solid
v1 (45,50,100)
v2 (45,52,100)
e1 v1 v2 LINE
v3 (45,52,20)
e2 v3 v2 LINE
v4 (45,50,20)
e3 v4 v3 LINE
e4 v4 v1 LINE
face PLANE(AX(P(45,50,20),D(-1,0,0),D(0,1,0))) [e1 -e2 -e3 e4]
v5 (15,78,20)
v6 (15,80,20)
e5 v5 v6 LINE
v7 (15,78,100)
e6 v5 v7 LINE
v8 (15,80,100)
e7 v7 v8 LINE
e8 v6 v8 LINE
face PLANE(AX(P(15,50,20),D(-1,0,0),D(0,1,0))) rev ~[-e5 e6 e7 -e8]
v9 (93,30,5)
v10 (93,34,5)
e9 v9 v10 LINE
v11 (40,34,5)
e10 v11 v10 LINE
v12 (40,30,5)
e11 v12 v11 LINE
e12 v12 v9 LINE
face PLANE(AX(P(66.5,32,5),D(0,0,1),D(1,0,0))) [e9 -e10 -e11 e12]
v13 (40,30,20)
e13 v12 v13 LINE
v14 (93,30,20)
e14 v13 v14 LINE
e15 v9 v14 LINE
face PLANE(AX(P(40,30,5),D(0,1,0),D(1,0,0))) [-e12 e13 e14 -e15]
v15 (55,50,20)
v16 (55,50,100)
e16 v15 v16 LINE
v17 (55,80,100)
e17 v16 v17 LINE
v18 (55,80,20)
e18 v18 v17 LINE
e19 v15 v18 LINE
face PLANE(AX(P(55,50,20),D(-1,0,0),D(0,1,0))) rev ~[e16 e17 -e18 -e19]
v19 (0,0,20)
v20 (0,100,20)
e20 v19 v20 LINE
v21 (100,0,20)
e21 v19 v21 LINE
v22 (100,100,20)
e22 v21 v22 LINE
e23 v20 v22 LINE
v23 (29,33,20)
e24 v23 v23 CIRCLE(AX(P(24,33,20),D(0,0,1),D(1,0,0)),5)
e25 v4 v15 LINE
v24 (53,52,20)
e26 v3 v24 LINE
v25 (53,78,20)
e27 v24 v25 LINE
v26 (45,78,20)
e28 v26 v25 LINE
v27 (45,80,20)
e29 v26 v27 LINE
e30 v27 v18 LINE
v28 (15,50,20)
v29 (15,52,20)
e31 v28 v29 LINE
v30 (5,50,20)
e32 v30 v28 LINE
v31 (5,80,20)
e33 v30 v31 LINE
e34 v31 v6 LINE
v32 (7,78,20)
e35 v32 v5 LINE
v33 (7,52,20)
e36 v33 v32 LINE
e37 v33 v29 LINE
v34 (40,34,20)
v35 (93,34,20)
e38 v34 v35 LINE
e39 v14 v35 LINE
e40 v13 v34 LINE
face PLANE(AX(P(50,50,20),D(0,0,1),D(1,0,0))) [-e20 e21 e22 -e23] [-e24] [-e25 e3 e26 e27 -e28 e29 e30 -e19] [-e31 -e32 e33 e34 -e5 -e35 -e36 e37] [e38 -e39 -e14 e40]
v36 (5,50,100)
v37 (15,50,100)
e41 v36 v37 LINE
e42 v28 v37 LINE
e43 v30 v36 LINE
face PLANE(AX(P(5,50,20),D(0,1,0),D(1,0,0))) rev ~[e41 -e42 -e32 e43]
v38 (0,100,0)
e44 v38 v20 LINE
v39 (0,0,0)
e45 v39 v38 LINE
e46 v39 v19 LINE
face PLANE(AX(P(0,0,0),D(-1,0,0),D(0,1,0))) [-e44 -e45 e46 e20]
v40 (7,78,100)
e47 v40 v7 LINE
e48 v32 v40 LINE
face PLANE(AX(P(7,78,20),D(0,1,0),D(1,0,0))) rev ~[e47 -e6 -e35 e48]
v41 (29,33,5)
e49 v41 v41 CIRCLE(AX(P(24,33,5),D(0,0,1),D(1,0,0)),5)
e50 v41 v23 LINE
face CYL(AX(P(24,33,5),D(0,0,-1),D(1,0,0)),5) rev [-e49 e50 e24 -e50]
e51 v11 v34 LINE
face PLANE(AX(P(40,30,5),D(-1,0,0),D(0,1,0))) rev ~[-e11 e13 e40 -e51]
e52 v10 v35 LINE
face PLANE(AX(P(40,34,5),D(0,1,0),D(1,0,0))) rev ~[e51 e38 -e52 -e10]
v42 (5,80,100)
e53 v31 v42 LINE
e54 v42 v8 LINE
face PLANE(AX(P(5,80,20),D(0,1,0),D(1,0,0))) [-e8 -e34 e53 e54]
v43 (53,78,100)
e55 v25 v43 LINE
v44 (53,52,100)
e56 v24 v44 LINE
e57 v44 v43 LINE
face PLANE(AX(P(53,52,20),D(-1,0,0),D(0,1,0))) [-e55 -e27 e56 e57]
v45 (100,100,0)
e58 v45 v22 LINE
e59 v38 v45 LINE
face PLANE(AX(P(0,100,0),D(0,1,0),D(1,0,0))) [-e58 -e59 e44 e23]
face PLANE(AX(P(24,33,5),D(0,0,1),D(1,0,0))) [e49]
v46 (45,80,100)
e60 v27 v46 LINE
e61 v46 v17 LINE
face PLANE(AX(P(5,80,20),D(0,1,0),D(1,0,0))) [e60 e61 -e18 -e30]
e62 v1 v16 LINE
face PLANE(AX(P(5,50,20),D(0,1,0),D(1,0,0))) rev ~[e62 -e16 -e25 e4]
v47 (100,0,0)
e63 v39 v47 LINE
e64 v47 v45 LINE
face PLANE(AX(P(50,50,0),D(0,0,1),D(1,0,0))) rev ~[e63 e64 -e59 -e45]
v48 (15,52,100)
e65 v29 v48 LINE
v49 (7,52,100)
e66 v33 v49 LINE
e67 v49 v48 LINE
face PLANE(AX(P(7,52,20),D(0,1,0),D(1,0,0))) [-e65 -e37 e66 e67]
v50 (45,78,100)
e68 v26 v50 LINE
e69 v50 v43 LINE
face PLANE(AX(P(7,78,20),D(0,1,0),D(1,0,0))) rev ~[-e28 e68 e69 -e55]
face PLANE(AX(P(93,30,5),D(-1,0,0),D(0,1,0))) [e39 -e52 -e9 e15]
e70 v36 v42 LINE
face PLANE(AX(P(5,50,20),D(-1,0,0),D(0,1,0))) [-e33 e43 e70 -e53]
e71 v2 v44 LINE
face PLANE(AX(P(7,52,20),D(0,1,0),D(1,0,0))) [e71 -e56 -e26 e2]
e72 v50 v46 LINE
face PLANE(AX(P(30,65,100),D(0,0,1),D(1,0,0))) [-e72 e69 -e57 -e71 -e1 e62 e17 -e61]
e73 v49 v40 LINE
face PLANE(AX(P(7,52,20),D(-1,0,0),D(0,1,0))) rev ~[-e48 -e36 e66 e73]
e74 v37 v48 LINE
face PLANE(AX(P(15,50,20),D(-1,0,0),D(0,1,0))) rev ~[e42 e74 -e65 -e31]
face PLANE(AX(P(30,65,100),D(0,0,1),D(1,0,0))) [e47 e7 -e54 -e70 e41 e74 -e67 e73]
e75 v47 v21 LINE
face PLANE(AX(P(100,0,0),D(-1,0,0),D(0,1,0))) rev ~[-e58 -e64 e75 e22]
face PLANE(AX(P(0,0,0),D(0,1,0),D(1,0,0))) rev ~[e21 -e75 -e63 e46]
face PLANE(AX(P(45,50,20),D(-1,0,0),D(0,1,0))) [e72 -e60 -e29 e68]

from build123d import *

# Parameters (mm, degrees)
BOX_W          = 100
BOX_H          = 100
BOX_DEPTH      = 20
CYLINDER_R     = 5
CYLINDER_DEPTH = 15
BOX001_W       = 50
BOX001_H       = 30
BOX001_DEPTH   = 80
BOX002_W       = 46
BOX002_H       = 26
BOX002_DEPTH   = 80
BOX003_W       = 30
BOX003_H       = 30
BOX003_DEPTH   = 80
BOX004_W       = 53
BOX004_H       = 4
BOX004_DEPTH   = 15


with BuildPart() as part:
    # Box → Box (join)
    with BuildSketch(Plane.XY):
        with Locations((50, 50)):
            Rectangle(BOX_W, BOX_H)
    extrude(amount=BOX_DEPTH)

    # Cylinder → Cylinder (cut)
    with BuildSketch(Plane(origin=(24, 33, 5), x_dir=(1, 0, 0), z_dir=(0, 0, 1))):
        Circle(CYLINDER_R)
    extrude(amount=CYLINDER_DEPTH, mode=Mode.SUBTRACT)

    # Box001 → Box001 (join)
    with BuildSketch(Plane(origin=(5, 50, 20), x_dir=(1, 0, 0), z_dir=(0, 0, 1))):
        with Locations((25, 15)):
            Rectangle(BOX001_W, BOX001_H)
    extrude(amount=BOX001_DEPTH)

    # Box002 → Box002 (cut)
    with BuildSketch(Plane(origin=(7, 52, 20), x_dir=(1, 0, 0), z_dir=(0, 0, 1))):
        with Locations((23, 13)):
            Rectangle(BOX002_W, BOX002_H)
    extrude(amount=BOX002_DEPTH, mode=Mode.SUBTRACT)

    # Box003 → Box003 (cut)
    with BuildSketch(Plane(origin=(15, 50, 20), x_dir=(1, 0, 0), z_dir=(0, 0, 1))):
        with Locations((15, 15)):
            Rectangle(BOX003_W, BOX003_H)
    extrude(amount=BOX003_DEPTH, mode=Mode.SUBTRACT)

    # Box004 → Box004 (cut)
    with BuildSketch(Plane(origin=(40, 30, 5), x_dir=(1, 0, 0), z_dir=(0, 0, 1))):
        with Locations((26.5, 2)):
            Rectangle(BOX004_W, BOX004_H)
    extrude(amount=BOX004_DEPTH, mode=Mode.SUBTRACT)


solid = part.part
